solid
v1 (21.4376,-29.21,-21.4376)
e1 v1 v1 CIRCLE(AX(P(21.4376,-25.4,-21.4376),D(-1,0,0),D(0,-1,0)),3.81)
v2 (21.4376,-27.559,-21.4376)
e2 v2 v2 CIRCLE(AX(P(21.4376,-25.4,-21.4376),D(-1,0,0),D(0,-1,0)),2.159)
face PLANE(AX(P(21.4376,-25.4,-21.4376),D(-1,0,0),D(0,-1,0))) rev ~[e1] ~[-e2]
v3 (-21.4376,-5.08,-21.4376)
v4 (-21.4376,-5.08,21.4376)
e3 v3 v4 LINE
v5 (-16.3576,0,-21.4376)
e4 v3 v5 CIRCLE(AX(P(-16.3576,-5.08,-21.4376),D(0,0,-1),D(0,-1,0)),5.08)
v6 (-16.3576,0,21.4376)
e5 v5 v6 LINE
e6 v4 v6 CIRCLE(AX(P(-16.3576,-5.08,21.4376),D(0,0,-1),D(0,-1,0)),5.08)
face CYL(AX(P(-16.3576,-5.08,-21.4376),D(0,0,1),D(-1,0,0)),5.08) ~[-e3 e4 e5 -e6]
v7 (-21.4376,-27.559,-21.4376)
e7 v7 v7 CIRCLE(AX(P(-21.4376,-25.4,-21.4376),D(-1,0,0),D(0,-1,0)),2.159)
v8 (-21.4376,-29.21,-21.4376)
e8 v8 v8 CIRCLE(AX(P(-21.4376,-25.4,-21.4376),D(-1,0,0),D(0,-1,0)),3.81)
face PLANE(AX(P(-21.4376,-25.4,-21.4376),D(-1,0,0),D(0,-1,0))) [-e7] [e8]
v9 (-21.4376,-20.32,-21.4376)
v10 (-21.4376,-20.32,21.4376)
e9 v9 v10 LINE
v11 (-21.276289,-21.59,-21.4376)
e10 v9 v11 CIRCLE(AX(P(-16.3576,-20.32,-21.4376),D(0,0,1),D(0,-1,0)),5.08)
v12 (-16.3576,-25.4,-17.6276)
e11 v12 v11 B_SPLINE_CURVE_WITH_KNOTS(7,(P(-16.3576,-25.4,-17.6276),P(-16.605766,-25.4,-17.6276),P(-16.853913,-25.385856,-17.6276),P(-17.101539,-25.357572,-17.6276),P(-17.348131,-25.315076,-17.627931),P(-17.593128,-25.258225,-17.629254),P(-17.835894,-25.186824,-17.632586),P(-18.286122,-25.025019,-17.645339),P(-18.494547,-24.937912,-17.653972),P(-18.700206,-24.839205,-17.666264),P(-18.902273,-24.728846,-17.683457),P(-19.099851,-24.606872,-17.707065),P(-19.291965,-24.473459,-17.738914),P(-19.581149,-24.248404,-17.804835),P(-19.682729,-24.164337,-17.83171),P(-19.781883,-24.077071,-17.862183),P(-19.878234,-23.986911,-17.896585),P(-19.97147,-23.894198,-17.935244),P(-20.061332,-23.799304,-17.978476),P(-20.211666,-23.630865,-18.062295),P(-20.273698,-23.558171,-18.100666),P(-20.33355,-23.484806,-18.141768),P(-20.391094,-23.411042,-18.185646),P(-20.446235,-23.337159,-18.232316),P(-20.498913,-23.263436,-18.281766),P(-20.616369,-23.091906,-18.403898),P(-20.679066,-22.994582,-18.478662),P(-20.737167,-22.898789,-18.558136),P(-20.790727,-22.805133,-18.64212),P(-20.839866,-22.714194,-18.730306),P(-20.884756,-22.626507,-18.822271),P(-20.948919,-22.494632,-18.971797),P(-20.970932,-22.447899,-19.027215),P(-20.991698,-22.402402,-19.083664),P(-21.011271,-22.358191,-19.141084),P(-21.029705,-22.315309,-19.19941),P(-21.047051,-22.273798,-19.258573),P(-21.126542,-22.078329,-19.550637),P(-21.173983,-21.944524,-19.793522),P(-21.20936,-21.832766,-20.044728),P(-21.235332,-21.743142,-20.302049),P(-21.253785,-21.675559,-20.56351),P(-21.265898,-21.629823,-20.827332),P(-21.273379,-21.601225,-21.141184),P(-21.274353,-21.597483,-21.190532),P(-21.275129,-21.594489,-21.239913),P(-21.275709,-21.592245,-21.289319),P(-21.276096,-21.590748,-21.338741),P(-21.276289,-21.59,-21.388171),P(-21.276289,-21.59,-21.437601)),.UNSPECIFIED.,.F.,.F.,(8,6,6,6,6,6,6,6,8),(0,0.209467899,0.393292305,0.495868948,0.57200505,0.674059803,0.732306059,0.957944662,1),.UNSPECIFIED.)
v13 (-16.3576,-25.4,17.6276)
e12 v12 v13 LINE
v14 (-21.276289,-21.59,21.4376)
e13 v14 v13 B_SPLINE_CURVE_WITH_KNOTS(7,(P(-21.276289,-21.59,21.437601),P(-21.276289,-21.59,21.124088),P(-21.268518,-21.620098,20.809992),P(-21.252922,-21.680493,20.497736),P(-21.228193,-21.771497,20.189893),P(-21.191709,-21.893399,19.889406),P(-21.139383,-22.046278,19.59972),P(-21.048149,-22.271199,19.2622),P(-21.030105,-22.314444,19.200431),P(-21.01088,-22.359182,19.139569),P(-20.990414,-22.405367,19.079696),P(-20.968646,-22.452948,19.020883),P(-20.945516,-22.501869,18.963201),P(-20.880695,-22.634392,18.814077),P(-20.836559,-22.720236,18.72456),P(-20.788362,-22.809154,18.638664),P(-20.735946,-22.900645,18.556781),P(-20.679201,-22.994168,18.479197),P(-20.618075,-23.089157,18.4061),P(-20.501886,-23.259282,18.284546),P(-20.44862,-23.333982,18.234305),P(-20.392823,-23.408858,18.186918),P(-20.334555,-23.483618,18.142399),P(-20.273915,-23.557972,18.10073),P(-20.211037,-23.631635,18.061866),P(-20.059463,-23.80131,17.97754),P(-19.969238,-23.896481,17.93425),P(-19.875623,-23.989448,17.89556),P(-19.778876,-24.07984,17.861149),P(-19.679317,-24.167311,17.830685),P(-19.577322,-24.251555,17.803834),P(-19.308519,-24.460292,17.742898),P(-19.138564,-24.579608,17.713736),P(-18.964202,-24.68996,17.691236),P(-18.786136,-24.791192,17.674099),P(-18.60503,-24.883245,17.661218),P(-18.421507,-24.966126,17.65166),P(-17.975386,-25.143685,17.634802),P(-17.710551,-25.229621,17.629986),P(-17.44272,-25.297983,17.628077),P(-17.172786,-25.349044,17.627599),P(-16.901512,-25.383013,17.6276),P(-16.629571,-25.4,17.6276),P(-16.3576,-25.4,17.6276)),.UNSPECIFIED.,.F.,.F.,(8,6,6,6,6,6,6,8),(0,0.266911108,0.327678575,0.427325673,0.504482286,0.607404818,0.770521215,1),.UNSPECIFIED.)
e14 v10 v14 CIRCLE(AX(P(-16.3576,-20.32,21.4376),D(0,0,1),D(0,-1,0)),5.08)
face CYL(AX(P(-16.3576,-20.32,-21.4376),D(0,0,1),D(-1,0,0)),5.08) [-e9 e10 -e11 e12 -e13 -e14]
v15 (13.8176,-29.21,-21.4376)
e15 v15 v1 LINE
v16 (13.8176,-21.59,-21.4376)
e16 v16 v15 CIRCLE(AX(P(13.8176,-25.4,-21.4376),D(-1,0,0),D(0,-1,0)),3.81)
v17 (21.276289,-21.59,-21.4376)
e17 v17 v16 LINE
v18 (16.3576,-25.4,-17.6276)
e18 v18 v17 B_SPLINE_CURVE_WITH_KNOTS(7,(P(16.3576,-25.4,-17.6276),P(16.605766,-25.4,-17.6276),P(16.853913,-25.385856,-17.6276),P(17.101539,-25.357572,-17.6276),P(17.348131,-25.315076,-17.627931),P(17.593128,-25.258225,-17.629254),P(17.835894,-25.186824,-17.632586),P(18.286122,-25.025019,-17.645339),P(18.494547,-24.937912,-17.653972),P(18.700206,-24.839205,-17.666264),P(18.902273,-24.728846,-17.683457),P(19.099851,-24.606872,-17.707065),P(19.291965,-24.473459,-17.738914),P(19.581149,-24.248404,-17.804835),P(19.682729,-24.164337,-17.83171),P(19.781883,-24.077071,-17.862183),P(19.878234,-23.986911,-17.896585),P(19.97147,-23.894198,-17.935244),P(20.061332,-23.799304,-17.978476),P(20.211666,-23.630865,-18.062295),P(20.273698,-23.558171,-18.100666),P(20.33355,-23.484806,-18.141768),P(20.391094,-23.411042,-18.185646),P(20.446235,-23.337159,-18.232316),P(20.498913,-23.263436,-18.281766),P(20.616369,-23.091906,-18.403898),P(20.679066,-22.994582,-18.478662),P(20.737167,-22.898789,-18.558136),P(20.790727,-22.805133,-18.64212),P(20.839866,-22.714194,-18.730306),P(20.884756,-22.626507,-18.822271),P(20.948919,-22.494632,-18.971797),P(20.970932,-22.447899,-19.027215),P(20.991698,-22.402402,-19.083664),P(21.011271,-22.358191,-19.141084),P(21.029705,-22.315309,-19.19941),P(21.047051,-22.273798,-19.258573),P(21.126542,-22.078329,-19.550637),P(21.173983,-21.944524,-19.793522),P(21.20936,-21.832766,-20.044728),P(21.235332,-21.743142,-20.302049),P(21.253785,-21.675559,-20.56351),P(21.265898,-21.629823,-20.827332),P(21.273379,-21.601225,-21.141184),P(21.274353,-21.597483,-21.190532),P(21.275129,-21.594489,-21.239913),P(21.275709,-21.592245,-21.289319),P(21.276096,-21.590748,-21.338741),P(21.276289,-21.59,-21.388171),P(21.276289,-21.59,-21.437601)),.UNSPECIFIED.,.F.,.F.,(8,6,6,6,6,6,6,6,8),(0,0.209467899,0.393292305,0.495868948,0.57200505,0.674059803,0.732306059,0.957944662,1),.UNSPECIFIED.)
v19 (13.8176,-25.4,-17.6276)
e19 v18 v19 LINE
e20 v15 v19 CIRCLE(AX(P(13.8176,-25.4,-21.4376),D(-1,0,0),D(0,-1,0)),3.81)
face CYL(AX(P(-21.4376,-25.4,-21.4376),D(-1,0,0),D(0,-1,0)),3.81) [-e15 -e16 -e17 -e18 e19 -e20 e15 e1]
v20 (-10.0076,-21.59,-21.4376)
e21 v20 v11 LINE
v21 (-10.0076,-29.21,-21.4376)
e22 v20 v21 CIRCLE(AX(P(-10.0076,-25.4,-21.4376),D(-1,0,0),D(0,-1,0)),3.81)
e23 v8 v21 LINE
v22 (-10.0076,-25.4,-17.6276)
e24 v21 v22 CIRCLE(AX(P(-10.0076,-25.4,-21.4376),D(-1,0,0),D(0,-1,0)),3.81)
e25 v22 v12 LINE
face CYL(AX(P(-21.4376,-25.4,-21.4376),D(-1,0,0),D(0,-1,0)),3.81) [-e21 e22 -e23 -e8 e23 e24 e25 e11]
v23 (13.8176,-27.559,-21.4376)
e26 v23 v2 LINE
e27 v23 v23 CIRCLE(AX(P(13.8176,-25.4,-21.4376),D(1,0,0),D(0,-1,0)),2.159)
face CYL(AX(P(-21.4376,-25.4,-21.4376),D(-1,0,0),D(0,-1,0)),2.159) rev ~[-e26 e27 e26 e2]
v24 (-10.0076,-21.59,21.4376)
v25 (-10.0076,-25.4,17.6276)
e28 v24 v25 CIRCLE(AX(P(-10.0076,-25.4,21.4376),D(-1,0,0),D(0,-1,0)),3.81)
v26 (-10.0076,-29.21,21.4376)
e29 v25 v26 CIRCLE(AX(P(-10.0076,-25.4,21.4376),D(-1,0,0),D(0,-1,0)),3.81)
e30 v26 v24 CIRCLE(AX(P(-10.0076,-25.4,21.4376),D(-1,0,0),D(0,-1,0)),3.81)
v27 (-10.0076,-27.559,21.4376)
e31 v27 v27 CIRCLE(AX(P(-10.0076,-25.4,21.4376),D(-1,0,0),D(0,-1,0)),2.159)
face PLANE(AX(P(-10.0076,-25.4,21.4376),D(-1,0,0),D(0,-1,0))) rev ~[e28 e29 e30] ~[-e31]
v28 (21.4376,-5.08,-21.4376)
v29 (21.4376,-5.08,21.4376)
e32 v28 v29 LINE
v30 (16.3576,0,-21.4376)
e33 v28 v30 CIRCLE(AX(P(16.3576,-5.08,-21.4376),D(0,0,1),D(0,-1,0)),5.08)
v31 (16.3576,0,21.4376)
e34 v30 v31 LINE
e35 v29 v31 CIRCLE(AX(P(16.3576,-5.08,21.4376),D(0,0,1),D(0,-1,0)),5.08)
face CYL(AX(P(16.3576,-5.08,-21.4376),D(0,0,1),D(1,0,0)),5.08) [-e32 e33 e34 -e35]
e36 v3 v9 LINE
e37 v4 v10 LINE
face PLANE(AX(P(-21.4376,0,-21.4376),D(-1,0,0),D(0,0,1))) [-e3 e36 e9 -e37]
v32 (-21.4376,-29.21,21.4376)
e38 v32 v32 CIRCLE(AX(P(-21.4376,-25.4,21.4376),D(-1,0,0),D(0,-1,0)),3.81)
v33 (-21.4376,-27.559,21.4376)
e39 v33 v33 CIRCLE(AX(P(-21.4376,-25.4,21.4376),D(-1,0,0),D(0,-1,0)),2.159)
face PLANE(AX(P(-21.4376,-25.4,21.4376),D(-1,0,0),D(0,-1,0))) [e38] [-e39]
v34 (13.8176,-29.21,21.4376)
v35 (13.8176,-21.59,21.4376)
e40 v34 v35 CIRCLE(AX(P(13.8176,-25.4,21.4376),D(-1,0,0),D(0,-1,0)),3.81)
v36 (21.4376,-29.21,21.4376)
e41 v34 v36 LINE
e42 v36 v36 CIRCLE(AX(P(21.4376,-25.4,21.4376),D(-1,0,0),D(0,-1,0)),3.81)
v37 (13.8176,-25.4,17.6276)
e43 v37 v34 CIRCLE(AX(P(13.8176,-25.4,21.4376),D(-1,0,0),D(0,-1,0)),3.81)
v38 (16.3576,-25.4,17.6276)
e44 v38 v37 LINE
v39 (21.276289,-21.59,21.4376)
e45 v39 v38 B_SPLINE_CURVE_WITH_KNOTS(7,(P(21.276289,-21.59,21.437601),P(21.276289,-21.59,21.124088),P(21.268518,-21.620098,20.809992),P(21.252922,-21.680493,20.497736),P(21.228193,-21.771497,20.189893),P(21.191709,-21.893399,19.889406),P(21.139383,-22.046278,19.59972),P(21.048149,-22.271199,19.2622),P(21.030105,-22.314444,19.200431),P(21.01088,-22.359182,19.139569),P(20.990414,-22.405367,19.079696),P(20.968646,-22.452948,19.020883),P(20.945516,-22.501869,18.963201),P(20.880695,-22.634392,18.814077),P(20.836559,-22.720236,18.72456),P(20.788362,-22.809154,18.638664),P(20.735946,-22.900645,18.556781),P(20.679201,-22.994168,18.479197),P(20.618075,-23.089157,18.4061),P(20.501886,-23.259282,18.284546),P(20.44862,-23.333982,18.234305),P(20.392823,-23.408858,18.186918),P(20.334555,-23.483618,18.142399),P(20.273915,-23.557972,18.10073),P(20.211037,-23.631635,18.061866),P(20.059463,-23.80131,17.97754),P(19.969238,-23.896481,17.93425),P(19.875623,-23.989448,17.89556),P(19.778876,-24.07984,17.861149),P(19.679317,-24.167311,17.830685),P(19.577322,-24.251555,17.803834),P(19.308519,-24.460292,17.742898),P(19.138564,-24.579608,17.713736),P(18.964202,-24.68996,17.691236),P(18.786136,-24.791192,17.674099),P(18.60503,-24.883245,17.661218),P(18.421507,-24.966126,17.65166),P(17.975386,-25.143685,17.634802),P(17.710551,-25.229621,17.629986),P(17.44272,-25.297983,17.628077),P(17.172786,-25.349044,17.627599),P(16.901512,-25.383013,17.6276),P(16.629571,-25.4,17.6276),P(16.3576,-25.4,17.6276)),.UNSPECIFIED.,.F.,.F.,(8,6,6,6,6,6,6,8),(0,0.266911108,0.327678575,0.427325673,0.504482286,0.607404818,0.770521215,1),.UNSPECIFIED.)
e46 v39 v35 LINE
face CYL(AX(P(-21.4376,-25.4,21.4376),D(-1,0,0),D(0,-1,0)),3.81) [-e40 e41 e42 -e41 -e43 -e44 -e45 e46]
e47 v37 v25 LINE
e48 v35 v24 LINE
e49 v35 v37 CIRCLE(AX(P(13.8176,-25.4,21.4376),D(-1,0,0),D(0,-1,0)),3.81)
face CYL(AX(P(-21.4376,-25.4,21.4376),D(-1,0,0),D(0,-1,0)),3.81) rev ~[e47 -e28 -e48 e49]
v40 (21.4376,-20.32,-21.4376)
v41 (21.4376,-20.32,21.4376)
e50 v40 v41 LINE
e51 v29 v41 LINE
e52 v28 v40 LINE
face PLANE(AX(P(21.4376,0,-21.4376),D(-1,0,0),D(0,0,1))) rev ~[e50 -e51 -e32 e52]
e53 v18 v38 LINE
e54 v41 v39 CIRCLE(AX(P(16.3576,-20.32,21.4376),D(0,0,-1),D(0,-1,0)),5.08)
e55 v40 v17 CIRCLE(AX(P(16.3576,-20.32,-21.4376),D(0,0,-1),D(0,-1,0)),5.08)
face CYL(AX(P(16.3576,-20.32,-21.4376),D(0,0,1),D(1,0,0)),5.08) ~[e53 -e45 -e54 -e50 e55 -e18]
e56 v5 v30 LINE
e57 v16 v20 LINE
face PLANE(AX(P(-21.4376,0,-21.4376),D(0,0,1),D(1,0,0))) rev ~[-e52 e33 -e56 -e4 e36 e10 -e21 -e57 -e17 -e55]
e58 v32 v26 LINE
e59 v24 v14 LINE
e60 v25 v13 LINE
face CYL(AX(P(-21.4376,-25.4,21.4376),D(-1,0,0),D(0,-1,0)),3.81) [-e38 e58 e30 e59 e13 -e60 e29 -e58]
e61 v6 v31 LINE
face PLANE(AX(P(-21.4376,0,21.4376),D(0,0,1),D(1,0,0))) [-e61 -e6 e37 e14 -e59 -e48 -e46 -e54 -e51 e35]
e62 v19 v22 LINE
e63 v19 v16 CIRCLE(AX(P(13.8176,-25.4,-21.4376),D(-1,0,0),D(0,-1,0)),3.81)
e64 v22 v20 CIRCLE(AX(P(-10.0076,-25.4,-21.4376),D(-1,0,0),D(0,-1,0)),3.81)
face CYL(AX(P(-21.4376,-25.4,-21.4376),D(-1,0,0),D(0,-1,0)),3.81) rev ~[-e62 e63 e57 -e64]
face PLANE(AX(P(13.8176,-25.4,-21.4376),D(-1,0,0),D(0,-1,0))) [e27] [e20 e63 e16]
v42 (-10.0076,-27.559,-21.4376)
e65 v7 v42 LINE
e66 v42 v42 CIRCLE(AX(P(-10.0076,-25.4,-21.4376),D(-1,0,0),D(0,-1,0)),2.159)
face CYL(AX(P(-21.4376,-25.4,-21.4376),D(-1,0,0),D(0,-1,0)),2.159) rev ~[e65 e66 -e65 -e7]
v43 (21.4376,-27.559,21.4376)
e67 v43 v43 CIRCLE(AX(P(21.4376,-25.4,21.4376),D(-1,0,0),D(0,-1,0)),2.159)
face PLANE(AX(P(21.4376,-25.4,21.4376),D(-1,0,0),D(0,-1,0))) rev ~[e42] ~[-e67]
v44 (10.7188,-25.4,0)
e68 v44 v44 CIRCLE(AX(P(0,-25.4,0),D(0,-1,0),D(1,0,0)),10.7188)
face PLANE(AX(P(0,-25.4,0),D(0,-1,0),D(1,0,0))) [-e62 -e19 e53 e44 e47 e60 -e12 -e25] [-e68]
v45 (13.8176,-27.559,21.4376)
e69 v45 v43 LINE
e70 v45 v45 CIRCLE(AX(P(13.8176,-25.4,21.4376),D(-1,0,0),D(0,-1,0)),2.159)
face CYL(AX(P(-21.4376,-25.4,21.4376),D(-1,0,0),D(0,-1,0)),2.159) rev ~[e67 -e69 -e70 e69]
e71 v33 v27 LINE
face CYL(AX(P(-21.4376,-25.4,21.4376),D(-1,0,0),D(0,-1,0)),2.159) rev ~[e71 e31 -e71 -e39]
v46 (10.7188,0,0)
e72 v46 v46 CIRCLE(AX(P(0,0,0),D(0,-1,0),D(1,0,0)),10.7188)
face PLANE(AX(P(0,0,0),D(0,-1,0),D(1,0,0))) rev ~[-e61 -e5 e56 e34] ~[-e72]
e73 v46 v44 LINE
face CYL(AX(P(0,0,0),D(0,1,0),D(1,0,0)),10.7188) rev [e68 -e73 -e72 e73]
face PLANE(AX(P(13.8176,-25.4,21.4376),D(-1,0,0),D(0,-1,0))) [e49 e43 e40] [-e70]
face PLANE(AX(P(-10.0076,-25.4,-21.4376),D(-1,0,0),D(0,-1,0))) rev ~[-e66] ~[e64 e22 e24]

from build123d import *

# Parameters (mm, degrees)
F0_W     = 42.8752
F0_H     = 42.8752
F0_R     = 10.7188
F1_DEPTH = 25.4
F2_R     = 5.08
F3_R     = 3.81
F3_R_2   = 2.159
F4_DEPTH = 42.8752
F5_DEPTH = 47.9806
F6_DEPTH = 35.2552
F7_DEPTH = 11.43
F8_DEPTH = 58.166


with BuildPart() as f1:
    # F0 (on Front) → F1 (new body)
    with BuildSketch(Plane.XZ):
        Rectangle(F0_W, F0_H)
        Circle(F0_R, mode=Mode.SUBTRACT)
    extrude(amount=F1_DEPTH)

    # F2
    f2_edges = [f1.edges().sort_by_distance(p)[0] for p in [
        (21.4376, 0, 0),
        (21.4376, -25.4, 0),
        (-21.4376, 0, 0),
        (-21.4376, -25.4, 0),
    ]]
    fillet(f2_edges, radius=F2_R)

    # F3 (on face) → F4 (join)
    with BuildSketch(Plane(origin=(-21.4376, 0, 0), x_dir=(0, -1, 0), z_dir=(-1, 0, 0))):
        with Locations((25.4, 21.4376)):
            Circle(F3_R)
        with Locations((25.4, 21.4376)):
            Circle(F3_R_2, mode=Mode.SUBTRACT)
        with Locations((25.4, -21.4376)):
            Circle(F3_R)
        with Locations((25.4, -21.4376)):
            Circle(F3_R_2, mode=Mode.SUBTRACT)
        with Locations((25.4, 21.4376)):
            Circle(F3_R_2)
    extrude(amount=-F4_DEPTH)

    # F3 (on face) → F5 (cut)
    with BuildSketch(Plane(origin=(-21.4376, 0, 0), x_dir=(0, -1, 0), z_dir=(-1, 0, 0))):
        with Locations((25.4, 21.4376)):
            Circle(F3_R_2)
    extrude(amount=-F5_DEPTH, mode=Mode.SUBTRACT)

    # F3 (on face) → F6 (cut)
    with BuildSketch(Plane(origin=(-21.4376, 0, 0), x_dir=(0, -1, 0), z_dir=(-1, 0, 0))):
        with Locations((25.4, 21.4376)):
            Circle(F3_R)
        with Locations((25.4, 21.4376)):
            Circle(F3_R_2, mode=Mode.SUBTRACT)
        with Locations((25.4, -21.4376)):
            Circle(F3_R)
        with Locations((25.4, -21.4376)):
            Circle(F3_R_2, mode=Mode.SUBTRACT)
    extrude(amount=-F6_DEPTH, mode=Mode.SUBTRACT)

    # F3 (on face) → F7 (join)
    with BuildSketch(Plane(origin=(-21.4376, 0, 0), x_dir=(0, -1, 0), z_dir=(-1, 0, 0))):
        with Locations((25.4, 21.4376)):
            Circle(F3_R)
        with Locations((25.4, 21.4376)):
            Circle(F3_R_2, mode=Mode.SUBTRACT)
        with Locations((25.4, -21.4376)):
            Circle(F3_R)
        with Locations((25.4, -21.4376)):
            Circle(F3_R_2, mode=Mode.SUBTRACT)
    extrude(amount=-F7_DEPTH)

    # F3 (on face) → F8 (cut)
    with BuildSketch(Plane(origin=(-21.4376, 0, 0), x_dir=(0, -1, 0), z_dir=(-1, 0, 0))):
        with Locations((25.4, -21.4376)):
            Circle(F3_R_2)
    extrude(amount=-F8_DEPTH, mode=Mode.SUBTRACT)


solid = f1.part
